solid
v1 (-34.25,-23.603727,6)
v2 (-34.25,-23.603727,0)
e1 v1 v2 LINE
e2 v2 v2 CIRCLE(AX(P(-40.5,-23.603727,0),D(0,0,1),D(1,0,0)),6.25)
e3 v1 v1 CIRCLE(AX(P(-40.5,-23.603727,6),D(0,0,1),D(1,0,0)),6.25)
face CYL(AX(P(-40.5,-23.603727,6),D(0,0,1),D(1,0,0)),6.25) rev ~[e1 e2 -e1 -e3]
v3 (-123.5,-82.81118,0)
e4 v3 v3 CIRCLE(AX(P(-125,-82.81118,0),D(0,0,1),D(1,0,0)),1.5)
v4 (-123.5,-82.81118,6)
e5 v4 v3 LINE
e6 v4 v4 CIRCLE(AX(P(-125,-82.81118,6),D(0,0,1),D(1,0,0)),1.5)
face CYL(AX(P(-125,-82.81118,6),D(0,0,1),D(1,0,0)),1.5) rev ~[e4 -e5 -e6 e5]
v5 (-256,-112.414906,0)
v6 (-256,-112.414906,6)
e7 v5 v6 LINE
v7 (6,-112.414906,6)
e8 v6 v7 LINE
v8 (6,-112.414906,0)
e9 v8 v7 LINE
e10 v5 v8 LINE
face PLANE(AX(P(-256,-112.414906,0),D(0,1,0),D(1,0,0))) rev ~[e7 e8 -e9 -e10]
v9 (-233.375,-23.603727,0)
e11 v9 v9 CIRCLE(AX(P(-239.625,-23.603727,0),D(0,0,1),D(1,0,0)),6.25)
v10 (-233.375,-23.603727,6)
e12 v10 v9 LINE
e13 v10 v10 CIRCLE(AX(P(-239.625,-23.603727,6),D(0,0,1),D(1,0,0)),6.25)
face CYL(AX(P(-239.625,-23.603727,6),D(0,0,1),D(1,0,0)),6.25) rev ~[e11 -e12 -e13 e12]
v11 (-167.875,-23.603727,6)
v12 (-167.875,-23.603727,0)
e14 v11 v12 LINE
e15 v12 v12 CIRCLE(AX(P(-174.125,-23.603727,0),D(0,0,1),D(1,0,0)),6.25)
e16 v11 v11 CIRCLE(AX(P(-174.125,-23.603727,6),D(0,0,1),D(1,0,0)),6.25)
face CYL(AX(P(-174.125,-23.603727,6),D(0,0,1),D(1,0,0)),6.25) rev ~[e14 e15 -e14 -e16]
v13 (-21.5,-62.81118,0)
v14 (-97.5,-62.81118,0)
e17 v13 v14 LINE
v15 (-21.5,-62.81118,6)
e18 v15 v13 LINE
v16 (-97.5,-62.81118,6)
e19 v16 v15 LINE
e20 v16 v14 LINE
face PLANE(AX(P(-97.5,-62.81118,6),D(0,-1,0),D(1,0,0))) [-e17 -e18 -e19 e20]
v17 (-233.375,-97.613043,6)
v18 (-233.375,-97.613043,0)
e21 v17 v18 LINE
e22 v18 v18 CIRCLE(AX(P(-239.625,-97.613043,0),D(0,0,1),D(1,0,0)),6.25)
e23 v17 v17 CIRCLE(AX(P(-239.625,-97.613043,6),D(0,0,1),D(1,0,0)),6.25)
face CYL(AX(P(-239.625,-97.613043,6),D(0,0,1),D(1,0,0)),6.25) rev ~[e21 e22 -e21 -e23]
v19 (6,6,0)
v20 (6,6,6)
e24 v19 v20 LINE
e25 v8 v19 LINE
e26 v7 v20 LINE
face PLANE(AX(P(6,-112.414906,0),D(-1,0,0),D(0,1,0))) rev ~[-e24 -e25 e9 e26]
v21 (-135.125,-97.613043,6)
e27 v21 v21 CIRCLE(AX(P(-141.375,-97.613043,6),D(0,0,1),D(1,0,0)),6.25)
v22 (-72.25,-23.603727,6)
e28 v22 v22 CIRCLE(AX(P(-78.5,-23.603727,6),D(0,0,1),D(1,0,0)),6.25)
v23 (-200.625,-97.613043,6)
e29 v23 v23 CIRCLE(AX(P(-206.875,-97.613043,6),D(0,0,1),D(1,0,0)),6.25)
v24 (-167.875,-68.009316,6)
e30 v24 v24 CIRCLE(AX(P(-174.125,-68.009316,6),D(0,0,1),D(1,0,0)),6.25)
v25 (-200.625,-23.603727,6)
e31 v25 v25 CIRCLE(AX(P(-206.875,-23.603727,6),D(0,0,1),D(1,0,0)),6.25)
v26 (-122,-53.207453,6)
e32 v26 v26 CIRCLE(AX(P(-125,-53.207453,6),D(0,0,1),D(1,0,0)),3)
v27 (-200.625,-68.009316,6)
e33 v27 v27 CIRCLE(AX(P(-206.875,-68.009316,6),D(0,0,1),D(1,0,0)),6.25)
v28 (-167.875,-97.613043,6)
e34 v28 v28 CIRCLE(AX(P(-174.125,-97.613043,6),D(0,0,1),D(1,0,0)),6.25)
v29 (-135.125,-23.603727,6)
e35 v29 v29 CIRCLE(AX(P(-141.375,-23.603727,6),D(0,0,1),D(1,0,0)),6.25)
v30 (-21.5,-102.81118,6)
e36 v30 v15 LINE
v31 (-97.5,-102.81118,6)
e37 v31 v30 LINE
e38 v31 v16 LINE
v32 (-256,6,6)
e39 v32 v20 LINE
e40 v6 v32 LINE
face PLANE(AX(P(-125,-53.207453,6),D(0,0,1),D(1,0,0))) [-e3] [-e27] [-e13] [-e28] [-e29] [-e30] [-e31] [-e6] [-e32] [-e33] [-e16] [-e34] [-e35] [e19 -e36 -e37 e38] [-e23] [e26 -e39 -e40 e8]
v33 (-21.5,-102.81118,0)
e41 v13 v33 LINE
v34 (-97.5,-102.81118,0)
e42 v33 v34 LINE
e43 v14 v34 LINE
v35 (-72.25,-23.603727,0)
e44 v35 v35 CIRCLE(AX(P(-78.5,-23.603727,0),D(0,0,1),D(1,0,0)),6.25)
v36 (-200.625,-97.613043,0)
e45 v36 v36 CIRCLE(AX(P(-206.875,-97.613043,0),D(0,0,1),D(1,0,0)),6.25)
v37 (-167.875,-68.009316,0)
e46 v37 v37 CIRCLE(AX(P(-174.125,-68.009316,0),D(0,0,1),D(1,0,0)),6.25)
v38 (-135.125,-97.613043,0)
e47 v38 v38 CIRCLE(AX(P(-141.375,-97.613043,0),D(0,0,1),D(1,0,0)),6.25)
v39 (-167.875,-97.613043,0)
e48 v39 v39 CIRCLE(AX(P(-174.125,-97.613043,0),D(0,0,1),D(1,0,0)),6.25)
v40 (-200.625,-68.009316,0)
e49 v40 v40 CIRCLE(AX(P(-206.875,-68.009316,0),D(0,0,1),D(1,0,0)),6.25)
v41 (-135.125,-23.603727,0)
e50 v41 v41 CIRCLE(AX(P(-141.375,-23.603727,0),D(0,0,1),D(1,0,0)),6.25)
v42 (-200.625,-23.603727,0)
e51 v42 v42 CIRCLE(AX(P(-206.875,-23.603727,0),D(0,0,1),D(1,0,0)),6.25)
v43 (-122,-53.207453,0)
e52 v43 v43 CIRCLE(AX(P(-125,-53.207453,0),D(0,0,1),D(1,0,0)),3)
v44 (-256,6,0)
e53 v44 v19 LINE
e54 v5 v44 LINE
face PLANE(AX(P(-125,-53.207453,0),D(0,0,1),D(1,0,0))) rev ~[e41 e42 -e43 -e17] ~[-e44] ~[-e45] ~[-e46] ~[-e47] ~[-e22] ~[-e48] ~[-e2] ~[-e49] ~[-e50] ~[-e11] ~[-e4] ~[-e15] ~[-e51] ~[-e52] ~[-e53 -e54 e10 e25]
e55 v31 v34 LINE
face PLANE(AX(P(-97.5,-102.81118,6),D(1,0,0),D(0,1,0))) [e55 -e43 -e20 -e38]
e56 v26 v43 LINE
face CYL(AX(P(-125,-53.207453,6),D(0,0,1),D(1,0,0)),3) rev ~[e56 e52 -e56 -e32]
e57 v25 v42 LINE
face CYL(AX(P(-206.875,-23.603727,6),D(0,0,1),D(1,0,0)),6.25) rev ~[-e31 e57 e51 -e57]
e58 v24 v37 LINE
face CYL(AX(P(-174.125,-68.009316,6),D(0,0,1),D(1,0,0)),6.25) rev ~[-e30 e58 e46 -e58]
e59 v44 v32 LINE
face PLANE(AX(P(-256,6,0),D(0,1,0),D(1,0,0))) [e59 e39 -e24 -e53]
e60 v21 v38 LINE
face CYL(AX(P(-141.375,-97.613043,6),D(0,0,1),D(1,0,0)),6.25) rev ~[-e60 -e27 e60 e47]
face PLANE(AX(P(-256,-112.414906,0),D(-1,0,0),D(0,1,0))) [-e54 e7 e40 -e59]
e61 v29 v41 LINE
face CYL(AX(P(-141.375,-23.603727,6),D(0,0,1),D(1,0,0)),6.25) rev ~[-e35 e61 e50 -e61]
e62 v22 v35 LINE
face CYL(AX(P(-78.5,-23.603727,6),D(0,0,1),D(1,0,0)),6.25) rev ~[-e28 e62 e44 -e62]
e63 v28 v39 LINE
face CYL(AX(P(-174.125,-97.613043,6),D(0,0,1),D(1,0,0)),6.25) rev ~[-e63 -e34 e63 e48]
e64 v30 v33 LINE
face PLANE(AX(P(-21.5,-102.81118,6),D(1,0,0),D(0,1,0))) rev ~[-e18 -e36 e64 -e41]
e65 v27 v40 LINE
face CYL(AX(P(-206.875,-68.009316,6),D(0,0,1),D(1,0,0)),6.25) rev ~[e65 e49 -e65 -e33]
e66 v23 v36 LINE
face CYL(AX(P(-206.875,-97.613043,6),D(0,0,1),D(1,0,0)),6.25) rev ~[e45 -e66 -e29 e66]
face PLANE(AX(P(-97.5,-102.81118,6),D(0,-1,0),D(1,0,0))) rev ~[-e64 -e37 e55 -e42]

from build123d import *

# Parameters (mm, degrees)
ESQUISSE1_W             = 262
ESQUISSE1_H             = 118.414906094
BOSS_EXTRU_1_DEPTH      = 6
ENL_V_MAT_EXTRU_1_REACH = 281.659
ESQUISSE2_R             = 6.25
ESQUISSE2_W             = 76
ESQUISSE2_H             = 40
ENL_V_MAT_EXTRU_2_REACH = 281.659
ESQUISSE3_R             = 3
ESQUISSE3_R_2           = 1.5
ENL_V_MAT_EXTRU_3_REACH = 281.659
ESQUISSE4_R             = 6.25


with BuildPart() as part:
    # Esquisse1 → Boss.-Extru.1 (new body)
    with BuildSketch(Plane.XY):
        with Locations((-125, -53.207453047)):
            Rectangle(ESQUISSE1_W, ESQUISSE1_H)
    extrude(amount=BOSS_EXTRU_1_DEPTH)

    # Esquisse2 → Enlèv. mat.-Extru.1 (cut, up to next)
    with BuildSketch(Plane.XY.offset(6), mode=Mode.PRIVATE) as enl_v_mat_extru_1_sk1:
        with Locations((-40.5, -23.603726524)):
            Circle(ESQUISSE2_R)
    enl_v_mat_extru_1_tool1 = extrude(enl_v_mat_extru_1_sk1.sketch, amount=-ENL_V_MAT_EXTRU_1_REACH, mode=Mode.PRIVATE) & part.part
    # Esquisse2 → Enlèv. mat.-Extru.1 (cut, up to next)
    with BuildSketch(Plane.XY.offset(6), mode=Mode.PRIVATE) as enl_v_mat_extru_1_sk2:
        with Locations((-78.5, -23.603726524)):
            Circle(ESQUISSE2_R)
    enl_v_mat_extru_1_tool2 = extrude(enl_v_mat_extru_1_sk2.sketch, amount=-ENL_V_MAT_EXTRU_1_REACH, mode=Mode.PRIVATE) & part.part
    # Esquisse2 → Enlèv. mat.-Extru.1 (cut, up to next)
    with BuildSketch(Plane.XY.offset(6), mode=Mode.PRIVATE) as enl_v_mat_extru_1_sk3:
        with Locations((-59.5, -82.811179571)):
            Rectangle(ESQUISSE2_W, ESQUISSE2_H)
    enl_v_mat_extru_1_tool3 = extrude(enl_v_mat_extru_1_sk3.sketch, amount=-ENL_V_MAT_EXTRU_1_REACH, mode=Mode.PRIVATE) & part.part
    add(enl_v_mat_extru_1_tool1.solids().sort_by_distance((-40.5, -23.603727, 6))[0], mode=Mode.SUBTRACT)
    add(enl_v_mat_extru_1_tool2.solids().sort_by_distance((-78.5, -23.603727, 6))[0], mode=Mode.SUBTRACT)
    add(enl_v_mat_extru_1_tool3.solids().sort_by_distance((-59.5, -82.81118, 6))[0], mode=Mode.SUBTRACT)

    # Esquisse3 → Enlèv. mat.-Extru.2 (cut, up to next)
    with BuildSketch(Plane.XY.offset(6), mode=Mode.PRIVATE) as enl_v_mat_extru_2_sk1:
        with Locations((-125, -53.207453047)):
            Circle(ESQUISSE3_R)
    enl_v_mat_extru_2_tool1 = extrude(enl_v_mat_extru_2_sk1.sketch, amount=-ENL_V_MAT_EXTRU_2_REACH, mode=Mode.PRIVATE) & part.part
    # Esquisse3 → Enlèv. mat.-Extru.2 (cut, up to next)
    with BuildSketch(Plane.XY.offset(6), mode=Mode.PRIVATE) as enl_v_mat_extru_2_sk2:
        with Locations((-125, -82.811179571)):
            Circle(ESQUISSE3_R_2)
    enl_v_mat_extru_2_tool2 = extrude(enl_v_mat_extru_2_sk2.sketch, amount=-ENL_V_MAT_EXTRU_2_REACH, mode=Mode.PRIVATE) & part.part
    add(enl_v_mat_extru_2_tool1.solids().sort_by_distance((-125, -53.207453, 6))[0], mode=Mode.SUBTRACT)
    add(enl_v_mat_extru_2_tool2.solids().sort_by_distance((-125, -82.81118, 6))[0], mode=Mode.SUBTRACT)

    # Esquisse4 → Enlèv. mat.-Extru.3 (cut, up to next)
    with BuildSketch(Plane.XY.offset(6), mode=Mode.PRIVATE) as enl_v_mat_extru_3_sk1:
        with Locations((-141.375, -97.613042832)):
            Circle(ESQUISSE4_R)
    enl_v_mat_extru_3_tool1 = extrude(enl_v_mat_extru_3_sk1.sketch, amount=-ENL_V_MAT_EXTRU_3_REACH, mode=Mode.PRIVATE) & part.part
    # Esquisse4 → Enlèv. mat.-Extru.3 (cut, up to next)
    with BuildSketch(Plane.XY.offset(6), mode=Mode.PRIVATE) as enl_v_mat_extru_3_sk2:
        with Locations((-174.125, -97.613042832)):
            Circle(ESQUISSE4_R)
    enl_v_mat_extru_3_tool2 = extrude(enl_v_mat_extru_3_sk2.sketch, amount=-ENL_V_MAT_EXTRU_3_REACH, mode=Mode.PRIVATE) & part.part
    # Esquisse4 → Enlèv. mat.-Extru.3 (cut, up to next)
    with BuildSketch(Plane.XY.offset(6), mode=Mode.PRIVATE) as enl_v_mat_extru_3_sk3:
        with Locations((-206.875, -97.613042832)):
            Circle(ESQUISSE4_R)
    enl_v_mat_extru_3_tool3 = extrude(enl_v_mat_extru_3_sk3.sketch, amount=-ENL_V_MAT_EXTRU_3_REACH, mode=Mode.PRIVATE) & part.part
    # Esquisse4 → Enlèv. mat.-Extru.3 (cut, up to next)
    with BuildSketch(Plane.XY.offset(6), mode=Mode.PRIVATE) as enl_v_mat_extru_3_sk4:
        with Locations((-239.625, -97.613042832)):
            Circle(ESQUISSE4_R)
    enl_v_mat_extru_3_tool4 = extrude(enl_v_mat_extru_3_sk4.sketch, amount=-ENL_V_MAT_EXTRU_3_REACH, mode=Mode.PRIVATE) & part.part
    # Esquisse4 → Enlèv. mat.-Extru.3 (cut, up to next)
    with BuildSketch(Plane.XY.offset(6), mode=Mode.PRIVATE) as enl_v_mat_extru_3_sk5:
        with Locations((-174.125, -68.009316309)):
            Circle(ESQUISSE4_R)
    enl_v_mat_extru_3_tool5 = extrude(enl_v_mat_extru_3_sk5.sketch, amount=-ENL_V_MAT_EXTRU_3_REACH, mode=Mode.PRIVATE) & part.part
    # Esquisse4 → Enlèv. mat.-Extru.3 (cut, up to next)
    with BuildSketch(Plane.XY.offset(6), mode=Mode.PRIVATE) as enl_v_mat_extru_3_sk6:
        with Locations((-206.875, -68.009316309)):
            Circle(ESQUISSE4_R)
    enl_v_mat_extru_3_tool6 = extrude(enl_v_mat_extru_3_sk6.sketch, amount=-ENL_V_MAT_EXTRU_3_REACH, mode=Mode.PRIVATE) & part.part
    # Esquisse4 → Enlèv. mat.-Extru.3 (cut, up to next)
    with BuildSketch(Plane.XY.offset(6), mode=Mode.PRIVATE) as enl_v_mat_extru_3_sk7:
        with Locations((-141.375, -23.603726524)):
            Circle(ESQUISSE4_R)
    enl_v_mat_extru_3_tool7 = extrude(enl_v_mat_extru_3_sk7.sketch, amount=-ENL_V_MAT_EXTRU_3_REACH, mode=Mode.PRIVATE) & part.part
    # Esquisse4 → Enlèv. mat.-Extru.3 (cut, up to next)
    with BuildSketch(Plane.XY.offset(6), mode=Mode.PRIVATE) as enl_v_mat_extru_3_sk8:
        with Locations((-174.125, -23.603726524)):
            Circle(ESQUISSE4_R)
    enl_v_mat_extru_3_tool8 = extrude(enl_v_mat_extru_3_sk8.sketch, amount=-ENL_V_MAT_EXTRU_3_REACH, mode=Mode.PRIVATE) & part.part
    # Esquisse4 → Enlèv. mat.-Extru.3 (cut, up to next)
    with BuildSketch(Plane.XY.offset(6), mode=Mode.PRIVATE) as enl_v_mat_extru_3_sk9:
        with Locations((-206.875, -23.603726524)):
            Circle(ESQUISSE4_R)
    enl_v_mat_extru_3_tool9 = extrude(enl_v_mat_extru_3_sk9.sketch, amount=-ENL_V_MAT_EXTRU_3_REACH, mode=Mode.PRIVATE) & part.part
    # Esquisse4 → Enlèv. mat.-Extru.3 (cut, up to next)
    with BuildSketch(Plane.XY.offset(6), mode=Mode.PRIVATE) as enl_v_mat_extru_3_sk10:
        with Locations((-239.625, -23.603726524)):
            Circle(ESQUISSE4_R)
    enl_v_mat_extru_3_tool10 = extrude(enl_v_mat_extru_3_sk10.sketch, amount=-ENL_V_MAT_EXTRU_3_REACH, mode=Mode.PRIVATE) & part.part
    add(enl_v_mat_extru_3_tool1.solids().sort_by_distance((-141.375, -97.613043, 6))[0], mode=Mode.SUBTRACT)
    add(enl_v_mat_extru_3_tool2.solids().sort_by_distance((-174.125, -97.613043, 6))[0], mode=Mode.SUBTRACT)
    add(enl_v_mat_extru_3_tool3.solids().sort_by_distance((-206.875, -97.613043, 6))[0], mode=Mode.SUBTRACT)
    add(enl_v_mat_extru_3_tool4.solids().sort_by_distance((-239.625, -97.613043, 6))[0], mode=Mode.SUBTRACT)
    add(enl_v_mat_extru_3_tool5.solids().sort_by_distance((-174.125, -68.009316, 6))[0], mode=Mode.SUBTRACT)
    add(enl_v_mat_extru_3_tool6.solids().sort_by_distance((-206.875, -68.009316, 6))[0], mode=Mode.SUBTRACT)
    add(enl_v_mat_extru_3_tool7.solids().sort_by_distance((-141.375, -23.603727, 6))[0], mode=Mode.SUBTRACT)
    add(enl_v_mat_extru_3_tool8.solids().sort_by_distance((-174.125, -23.603727, 6))[0], mode=Mode.SUBTRACT)
    add(enl_v_mat_extru_3_tool9.solids().sort_by_distance((-206.875, -23.603727, 6))[0], mode=Mode.SUBTRACT)
    add(enl_v_mat_extru_3_tool10.solids().sort_by_distance((-239.625, -23.603727, 6))[0], mode=Mode.SUBTRACT)


solid = part.part
